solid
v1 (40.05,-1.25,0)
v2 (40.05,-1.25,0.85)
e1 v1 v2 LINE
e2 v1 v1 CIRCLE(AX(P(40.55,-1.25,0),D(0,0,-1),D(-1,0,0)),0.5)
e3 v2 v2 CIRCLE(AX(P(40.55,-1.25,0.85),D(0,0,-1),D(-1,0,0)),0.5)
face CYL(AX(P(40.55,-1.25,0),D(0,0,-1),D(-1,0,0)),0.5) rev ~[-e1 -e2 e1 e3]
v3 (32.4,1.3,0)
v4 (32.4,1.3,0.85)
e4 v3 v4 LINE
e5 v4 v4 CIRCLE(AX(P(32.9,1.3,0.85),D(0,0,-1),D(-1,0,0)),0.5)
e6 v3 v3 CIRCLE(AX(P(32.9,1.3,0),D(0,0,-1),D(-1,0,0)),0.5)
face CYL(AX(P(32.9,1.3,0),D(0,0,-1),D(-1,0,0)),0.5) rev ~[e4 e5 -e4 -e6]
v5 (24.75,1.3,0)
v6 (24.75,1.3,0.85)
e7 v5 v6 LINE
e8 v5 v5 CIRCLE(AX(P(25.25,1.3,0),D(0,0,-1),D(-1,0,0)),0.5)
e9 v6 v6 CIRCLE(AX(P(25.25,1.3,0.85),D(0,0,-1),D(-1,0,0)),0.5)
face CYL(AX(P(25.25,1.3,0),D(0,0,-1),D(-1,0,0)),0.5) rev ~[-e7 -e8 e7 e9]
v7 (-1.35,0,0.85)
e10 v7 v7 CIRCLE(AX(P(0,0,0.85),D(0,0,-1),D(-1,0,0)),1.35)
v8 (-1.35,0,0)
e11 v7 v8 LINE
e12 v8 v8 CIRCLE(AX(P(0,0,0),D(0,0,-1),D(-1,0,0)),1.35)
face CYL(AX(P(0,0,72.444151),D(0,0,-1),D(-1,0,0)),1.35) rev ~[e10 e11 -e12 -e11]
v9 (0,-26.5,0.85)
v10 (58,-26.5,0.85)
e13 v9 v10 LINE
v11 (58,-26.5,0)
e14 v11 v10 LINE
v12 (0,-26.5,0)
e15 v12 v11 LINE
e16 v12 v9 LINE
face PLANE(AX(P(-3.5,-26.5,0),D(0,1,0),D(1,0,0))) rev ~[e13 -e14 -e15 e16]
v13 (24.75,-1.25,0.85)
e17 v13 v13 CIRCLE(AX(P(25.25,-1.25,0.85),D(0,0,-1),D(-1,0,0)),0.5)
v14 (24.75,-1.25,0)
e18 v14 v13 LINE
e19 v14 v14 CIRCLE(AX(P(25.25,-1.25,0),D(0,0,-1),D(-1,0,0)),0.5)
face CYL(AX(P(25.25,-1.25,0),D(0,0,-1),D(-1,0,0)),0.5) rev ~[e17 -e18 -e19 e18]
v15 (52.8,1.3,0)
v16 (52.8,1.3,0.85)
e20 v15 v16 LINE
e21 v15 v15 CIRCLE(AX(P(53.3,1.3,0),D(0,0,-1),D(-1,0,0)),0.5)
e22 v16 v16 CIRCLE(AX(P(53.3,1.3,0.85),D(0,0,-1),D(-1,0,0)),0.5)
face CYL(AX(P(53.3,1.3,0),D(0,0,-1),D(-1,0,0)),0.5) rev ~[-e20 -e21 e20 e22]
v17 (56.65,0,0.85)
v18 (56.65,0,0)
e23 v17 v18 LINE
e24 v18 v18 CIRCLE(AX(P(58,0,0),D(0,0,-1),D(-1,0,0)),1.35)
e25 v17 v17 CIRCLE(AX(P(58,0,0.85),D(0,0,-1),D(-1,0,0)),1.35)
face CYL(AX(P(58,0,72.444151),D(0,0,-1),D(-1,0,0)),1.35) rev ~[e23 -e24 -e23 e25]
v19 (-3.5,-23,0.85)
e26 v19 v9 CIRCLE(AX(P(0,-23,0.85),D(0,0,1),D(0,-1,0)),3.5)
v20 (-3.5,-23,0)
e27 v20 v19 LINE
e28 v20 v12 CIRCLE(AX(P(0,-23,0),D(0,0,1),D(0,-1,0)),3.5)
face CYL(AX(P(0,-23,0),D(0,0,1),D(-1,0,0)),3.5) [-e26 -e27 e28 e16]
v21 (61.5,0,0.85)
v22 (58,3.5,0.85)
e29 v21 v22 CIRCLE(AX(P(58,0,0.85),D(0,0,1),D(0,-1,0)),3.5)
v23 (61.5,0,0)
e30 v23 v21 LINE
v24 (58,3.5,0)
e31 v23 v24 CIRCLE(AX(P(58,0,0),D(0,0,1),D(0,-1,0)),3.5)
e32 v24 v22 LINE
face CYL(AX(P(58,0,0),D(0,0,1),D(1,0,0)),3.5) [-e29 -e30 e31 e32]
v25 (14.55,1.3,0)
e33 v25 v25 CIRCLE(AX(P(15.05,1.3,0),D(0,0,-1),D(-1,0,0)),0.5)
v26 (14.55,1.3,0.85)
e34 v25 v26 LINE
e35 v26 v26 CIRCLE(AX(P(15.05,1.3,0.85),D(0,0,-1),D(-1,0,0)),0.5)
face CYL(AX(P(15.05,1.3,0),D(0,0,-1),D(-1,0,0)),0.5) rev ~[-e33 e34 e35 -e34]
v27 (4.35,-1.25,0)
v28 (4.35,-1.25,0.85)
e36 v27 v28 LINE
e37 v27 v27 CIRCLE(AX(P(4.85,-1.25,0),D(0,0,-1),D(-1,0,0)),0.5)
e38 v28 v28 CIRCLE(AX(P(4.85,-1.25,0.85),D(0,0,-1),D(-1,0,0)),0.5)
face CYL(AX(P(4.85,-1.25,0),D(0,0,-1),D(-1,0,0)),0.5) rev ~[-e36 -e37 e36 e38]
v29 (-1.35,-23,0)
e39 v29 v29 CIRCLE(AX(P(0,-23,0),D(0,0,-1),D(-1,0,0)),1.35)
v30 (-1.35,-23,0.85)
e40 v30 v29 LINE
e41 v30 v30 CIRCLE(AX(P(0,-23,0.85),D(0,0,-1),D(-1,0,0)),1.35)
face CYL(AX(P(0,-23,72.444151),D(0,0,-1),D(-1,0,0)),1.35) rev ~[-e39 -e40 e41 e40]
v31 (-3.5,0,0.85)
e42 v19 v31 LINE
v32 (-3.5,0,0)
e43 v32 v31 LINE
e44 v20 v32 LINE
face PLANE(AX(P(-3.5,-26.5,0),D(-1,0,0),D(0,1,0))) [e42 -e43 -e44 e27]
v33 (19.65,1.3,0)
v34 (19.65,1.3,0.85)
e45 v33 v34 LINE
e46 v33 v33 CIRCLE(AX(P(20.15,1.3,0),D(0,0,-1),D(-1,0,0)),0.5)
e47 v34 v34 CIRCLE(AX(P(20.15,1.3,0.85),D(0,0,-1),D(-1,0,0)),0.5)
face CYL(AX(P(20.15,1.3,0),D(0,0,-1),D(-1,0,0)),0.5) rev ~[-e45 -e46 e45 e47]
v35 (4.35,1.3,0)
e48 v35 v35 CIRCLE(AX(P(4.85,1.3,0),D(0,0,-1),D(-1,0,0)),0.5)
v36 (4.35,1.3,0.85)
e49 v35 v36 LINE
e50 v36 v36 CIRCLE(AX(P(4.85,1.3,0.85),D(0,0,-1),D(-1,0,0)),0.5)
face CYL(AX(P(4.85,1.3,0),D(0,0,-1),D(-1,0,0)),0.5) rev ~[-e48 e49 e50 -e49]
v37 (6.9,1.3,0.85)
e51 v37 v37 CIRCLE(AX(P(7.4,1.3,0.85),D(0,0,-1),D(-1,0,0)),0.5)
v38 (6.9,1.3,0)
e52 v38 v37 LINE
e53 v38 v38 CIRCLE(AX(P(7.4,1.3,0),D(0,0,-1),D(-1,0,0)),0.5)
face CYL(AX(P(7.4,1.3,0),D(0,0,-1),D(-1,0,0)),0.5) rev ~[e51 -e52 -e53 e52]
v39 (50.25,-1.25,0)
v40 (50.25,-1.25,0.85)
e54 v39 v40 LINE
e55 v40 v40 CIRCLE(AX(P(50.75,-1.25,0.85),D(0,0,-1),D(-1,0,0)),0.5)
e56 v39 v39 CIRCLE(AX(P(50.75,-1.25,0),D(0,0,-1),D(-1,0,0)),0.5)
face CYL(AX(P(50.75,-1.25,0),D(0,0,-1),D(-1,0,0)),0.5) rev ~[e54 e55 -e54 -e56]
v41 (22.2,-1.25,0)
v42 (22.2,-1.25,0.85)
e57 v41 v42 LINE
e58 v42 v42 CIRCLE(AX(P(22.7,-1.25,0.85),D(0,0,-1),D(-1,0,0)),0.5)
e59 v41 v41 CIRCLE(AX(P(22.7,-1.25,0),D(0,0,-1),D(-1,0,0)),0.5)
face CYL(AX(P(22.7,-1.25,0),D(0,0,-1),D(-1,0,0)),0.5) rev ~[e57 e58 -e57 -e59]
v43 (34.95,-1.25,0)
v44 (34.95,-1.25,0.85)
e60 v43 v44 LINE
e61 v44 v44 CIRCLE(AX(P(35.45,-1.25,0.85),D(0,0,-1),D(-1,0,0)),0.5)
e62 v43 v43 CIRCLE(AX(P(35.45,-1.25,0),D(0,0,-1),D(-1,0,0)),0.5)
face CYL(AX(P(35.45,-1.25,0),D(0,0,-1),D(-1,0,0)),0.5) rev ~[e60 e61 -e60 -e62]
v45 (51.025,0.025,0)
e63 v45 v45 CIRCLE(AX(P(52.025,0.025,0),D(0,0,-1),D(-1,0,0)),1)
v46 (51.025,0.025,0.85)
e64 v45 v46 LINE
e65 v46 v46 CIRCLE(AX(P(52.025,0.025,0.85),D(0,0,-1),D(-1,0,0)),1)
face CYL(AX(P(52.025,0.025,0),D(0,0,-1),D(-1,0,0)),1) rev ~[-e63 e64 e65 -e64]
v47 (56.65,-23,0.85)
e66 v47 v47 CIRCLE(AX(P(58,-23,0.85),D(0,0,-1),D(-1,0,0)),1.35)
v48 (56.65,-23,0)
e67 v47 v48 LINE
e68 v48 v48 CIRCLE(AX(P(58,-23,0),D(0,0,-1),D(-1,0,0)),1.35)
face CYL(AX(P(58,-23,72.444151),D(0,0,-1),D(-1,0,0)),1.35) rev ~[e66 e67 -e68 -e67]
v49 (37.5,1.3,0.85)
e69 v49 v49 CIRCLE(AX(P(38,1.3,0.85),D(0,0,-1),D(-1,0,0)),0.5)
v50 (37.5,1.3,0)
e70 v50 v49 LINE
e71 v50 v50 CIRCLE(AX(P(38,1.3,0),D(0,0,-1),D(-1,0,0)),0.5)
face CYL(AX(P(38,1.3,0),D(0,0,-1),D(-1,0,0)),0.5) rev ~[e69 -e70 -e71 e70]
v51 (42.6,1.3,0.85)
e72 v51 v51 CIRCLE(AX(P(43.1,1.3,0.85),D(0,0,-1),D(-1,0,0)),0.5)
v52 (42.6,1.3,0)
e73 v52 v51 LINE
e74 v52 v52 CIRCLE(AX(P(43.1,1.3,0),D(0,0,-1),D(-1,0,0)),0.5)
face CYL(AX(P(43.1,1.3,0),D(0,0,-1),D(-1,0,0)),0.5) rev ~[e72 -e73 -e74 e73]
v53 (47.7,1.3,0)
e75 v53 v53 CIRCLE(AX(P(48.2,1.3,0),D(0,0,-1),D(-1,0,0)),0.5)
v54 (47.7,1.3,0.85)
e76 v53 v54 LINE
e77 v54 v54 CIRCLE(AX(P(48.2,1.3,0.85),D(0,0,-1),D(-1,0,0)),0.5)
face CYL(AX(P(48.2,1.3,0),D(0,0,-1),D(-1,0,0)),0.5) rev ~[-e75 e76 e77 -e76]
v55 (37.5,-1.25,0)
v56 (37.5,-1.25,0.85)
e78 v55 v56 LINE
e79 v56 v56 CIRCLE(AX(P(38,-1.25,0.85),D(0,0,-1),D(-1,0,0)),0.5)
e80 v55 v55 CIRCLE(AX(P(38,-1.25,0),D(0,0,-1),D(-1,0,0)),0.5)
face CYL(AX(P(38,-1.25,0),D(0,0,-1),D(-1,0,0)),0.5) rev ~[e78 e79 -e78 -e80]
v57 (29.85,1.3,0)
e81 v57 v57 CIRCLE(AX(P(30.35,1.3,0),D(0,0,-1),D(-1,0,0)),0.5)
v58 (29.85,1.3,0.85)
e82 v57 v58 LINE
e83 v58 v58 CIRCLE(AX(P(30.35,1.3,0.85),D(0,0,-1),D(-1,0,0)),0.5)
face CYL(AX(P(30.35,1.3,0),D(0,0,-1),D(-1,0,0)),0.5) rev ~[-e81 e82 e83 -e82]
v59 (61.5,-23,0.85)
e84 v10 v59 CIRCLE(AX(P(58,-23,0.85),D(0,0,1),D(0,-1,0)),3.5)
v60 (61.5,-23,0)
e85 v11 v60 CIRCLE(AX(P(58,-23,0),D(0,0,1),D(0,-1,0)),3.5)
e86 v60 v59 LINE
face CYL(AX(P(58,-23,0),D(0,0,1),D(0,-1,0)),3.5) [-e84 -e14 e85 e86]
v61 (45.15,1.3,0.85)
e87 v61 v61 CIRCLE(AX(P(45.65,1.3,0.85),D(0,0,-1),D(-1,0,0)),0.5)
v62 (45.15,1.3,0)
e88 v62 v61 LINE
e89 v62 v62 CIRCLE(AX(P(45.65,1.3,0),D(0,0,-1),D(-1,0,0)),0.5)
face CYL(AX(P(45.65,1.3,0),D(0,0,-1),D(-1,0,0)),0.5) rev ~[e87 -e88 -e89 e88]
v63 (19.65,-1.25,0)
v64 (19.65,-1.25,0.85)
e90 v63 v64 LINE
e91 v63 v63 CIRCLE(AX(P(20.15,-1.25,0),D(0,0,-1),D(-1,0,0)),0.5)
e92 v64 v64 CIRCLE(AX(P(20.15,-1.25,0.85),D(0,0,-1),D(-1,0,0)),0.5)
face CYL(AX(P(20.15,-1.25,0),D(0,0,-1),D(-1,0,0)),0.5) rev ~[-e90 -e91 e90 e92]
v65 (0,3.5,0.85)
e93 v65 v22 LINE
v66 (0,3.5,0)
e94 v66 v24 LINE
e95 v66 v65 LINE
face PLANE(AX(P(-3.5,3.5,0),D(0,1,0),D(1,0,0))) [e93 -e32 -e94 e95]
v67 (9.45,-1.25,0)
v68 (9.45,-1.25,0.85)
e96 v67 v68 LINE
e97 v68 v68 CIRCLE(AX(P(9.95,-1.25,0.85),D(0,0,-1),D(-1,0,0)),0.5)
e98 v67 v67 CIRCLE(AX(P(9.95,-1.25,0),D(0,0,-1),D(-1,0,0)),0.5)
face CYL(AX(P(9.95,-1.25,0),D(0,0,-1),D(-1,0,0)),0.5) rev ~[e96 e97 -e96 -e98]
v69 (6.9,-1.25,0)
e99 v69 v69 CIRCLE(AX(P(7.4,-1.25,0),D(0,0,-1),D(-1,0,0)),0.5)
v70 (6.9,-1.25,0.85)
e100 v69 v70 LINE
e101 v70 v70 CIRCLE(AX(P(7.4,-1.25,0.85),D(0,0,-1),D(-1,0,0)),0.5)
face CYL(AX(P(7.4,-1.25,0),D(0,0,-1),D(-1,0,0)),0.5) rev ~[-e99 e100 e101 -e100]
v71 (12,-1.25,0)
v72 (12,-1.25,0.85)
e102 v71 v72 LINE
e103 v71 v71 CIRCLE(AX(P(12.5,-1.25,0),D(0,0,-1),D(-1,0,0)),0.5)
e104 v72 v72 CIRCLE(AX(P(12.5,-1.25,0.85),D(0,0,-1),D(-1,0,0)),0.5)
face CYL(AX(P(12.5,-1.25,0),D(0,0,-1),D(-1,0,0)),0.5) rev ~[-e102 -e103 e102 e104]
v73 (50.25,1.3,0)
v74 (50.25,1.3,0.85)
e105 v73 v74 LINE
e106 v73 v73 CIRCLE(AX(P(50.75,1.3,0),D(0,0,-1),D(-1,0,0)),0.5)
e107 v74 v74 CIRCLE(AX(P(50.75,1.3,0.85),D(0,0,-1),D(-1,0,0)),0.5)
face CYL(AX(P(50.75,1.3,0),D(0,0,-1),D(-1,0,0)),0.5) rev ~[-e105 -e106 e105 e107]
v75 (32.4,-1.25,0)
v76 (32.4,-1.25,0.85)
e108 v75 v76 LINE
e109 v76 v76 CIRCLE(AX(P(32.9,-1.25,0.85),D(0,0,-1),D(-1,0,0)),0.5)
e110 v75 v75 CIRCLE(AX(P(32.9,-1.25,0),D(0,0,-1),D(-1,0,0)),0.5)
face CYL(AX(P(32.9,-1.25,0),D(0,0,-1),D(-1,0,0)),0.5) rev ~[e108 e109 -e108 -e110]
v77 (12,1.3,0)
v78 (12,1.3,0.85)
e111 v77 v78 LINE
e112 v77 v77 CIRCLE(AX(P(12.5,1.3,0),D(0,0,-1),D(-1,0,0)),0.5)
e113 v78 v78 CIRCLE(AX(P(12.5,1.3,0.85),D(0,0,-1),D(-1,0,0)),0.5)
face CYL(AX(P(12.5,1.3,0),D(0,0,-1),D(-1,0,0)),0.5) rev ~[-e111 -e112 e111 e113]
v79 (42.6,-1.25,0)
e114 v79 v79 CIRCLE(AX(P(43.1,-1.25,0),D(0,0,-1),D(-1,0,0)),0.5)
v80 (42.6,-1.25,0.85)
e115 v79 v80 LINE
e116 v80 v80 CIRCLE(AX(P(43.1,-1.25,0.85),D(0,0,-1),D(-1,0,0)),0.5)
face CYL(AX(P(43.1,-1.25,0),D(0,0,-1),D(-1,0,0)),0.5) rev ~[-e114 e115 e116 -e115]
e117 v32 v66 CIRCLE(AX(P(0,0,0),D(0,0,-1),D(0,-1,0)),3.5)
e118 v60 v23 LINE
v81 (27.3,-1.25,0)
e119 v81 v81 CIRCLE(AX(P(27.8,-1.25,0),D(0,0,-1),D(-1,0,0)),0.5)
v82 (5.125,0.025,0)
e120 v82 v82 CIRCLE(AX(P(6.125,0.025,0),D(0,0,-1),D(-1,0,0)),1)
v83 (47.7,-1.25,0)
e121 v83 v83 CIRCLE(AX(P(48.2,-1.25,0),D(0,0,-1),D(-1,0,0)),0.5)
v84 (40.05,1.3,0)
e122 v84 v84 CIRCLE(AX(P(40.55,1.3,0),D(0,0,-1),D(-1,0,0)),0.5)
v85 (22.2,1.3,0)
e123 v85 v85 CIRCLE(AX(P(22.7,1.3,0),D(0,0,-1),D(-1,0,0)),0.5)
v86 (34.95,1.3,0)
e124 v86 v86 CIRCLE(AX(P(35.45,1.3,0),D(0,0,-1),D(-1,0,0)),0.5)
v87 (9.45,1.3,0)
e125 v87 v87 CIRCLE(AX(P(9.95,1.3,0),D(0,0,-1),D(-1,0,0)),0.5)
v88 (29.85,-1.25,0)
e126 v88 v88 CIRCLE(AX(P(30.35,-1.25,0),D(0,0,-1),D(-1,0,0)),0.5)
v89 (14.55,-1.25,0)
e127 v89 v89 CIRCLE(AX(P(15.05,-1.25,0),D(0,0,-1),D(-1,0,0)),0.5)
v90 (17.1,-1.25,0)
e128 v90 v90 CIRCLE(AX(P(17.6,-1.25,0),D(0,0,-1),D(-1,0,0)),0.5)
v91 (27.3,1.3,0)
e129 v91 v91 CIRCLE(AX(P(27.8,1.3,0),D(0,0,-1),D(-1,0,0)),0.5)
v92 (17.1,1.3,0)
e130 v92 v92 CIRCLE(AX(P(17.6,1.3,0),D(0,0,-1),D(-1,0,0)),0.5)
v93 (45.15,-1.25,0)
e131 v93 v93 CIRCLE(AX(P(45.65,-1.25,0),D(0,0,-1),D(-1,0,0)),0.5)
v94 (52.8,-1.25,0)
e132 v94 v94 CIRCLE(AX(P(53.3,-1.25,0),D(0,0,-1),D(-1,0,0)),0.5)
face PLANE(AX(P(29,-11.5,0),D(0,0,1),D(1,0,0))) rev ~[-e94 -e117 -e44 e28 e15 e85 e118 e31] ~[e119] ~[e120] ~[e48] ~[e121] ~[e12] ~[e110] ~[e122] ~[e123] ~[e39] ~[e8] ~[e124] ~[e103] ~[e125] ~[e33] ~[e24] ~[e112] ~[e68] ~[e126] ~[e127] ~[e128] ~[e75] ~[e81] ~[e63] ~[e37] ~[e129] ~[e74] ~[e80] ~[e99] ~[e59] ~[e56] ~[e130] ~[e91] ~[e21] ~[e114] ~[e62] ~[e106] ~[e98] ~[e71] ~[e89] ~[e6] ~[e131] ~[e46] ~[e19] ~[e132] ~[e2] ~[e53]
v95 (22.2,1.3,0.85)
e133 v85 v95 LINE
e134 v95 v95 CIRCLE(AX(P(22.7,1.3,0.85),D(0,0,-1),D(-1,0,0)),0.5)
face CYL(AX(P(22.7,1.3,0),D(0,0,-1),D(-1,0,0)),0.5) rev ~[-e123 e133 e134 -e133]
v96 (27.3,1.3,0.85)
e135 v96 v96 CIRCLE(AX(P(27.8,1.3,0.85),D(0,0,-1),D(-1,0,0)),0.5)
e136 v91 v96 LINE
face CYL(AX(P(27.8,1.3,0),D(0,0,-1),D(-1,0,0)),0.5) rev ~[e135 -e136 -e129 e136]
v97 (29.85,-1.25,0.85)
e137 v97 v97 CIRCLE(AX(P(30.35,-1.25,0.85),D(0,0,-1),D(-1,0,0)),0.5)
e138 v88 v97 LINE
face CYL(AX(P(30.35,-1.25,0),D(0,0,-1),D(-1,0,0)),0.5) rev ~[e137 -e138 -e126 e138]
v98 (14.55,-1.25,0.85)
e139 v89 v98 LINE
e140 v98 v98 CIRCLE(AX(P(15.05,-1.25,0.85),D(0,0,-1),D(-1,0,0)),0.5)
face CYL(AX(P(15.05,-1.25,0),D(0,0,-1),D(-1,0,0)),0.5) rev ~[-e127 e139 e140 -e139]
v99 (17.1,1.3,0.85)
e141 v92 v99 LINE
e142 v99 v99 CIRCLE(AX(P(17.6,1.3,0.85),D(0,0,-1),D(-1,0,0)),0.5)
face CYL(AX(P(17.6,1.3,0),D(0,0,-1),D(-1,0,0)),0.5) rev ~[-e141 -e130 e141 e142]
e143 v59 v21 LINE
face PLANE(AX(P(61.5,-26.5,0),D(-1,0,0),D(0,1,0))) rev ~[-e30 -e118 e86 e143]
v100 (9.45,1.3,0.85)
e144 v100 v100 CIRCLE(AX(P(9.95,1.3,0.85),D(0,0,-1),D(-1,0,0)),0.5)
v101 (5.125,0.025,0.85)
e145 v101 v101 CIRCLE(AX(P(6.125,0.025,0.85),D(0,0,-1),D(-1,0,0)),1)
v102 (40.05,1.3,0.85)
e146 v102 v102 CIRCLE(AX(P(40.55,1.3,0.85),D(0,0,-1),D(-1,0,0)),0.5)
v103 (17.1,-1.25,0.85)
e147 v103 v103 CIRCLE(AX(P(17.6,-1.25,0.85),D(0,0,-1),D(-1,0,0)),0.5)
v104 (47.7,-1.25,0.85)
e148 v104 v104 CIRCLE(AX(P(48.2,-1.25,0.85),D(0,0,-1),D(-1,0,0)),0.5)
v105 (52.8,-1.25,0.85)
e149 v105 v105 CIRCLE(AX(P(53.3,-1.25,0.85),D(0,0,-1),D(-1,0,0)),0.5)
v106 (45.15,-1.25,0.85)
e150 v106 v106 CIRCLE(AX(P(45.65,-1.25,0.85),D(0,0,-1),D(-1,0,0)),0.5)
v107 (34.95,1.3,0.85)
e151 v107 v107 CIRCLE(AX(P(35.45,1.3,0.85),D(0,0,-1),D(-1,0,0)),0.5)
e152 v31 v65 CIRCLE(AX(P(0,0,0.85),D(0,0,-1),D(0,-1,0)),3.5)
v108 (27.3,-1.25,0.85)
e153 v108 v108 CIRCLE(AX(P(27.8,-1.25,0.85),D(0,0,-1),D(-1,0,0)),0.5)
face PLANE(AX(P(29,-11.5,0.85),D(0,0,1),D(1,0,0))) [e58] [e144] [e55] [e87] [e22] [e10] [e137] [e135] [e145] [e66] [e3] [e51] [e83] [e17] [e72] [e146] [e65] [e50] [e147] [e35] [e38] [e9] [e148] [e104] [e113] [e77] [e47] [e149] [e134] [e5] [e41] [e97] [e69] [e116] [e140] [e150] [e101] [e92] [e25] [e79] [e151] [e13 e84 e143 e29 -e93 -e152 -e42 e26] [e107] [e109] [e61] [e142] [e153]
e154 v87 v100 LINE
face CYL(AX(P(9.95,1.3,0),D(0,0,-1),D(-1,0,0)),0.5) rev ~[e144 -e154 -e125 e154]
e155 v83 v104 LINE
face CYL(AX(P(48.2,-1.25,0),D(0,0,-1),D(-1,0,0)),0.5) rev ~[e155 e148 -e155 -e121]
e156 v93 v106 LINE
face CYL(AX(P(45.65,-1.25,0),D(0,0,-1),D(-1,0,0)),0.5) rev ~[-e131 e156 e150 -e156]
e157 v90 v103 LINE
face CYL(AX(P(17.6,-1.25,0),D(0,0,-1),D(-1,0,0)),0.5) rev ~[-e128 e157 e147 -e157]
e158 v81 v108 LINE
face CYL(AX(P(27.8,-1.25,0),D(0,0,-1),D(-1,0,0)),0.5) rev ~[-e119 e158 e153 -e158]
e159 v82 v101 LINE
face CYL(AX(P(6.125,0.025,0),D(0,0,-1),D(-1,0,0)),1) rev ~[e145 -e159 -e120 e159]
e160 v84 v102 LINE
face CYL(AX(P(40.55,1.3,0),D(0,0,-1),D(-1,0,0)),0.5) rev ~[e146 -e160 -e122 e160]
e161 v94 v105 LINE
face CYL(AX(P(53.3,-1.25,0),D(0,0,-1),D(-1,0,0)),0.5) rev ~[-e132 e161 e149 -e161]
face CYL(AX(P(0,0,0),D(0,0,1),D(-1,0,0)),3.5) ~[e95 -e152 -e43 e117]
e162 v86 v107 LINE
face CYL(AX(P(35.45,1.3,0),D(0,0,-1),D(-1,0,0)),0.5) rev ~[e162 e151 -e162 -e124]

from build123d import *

# Parameters (mm, degrees)
SKETCH_1_W          = 65
SKETCH_1_H          = 30
EXTRUDE_1_DEPTH     = 0.85
FILLET_1_R          = 3.5
HOLE_WIZARD_M2_1_D  = 2.7
SKETCH_6_R          = 0.5
SKETCH_6_R_2        = 1
CUT_EXTRUDE_1_DEPTH = 67.971803768


with BuildPart() as part:
    # 草图1 → 凸台-拉伸1 (new body)
    with BuildSketch(Plane.XY):
        with Locations((29, -11.5)):
            Rectangle(SKETCH_1_W, SKETCH_1_H)
    extrude(amount=EXTRUDE_1_DEPTH)

    # 圆角1
    fillet_1_edges = [part.edges().sort_by_distance(p)[0] for p in [
        (-3.5, 3.5, 0.425),
        (61.5, 3.5, 0.425),
        (61.5, -26.5, 0.425),
        (-3.5, -26.5, 0.425),
    ]]
    fillet(fillet_1_edges, radius=FILLET_1_R)

    # M2 间隙孔1 (through all)
    with Locations(Plane.XY.offset(0.85)):
        with Locations((0, 0), (58, 0), (58, -23), (0, -23)):
            Hole(HOLE_WIZARD_M2_1_D / 2)

    # 草图6 → 切除-拉伸1 (cut, through all)
    with BuildSketch(Plane(origin=(0, 0, 0), x_dir=(-1, 0, 0), z_dir=(0, 0, -1))):
        with Locations((-4.85, 1.3)):
            Circle(SKETCH_6_R)
        with Locations((-4.85, -1.25)):
            Circle(SKETCH_6_R)
        with Locations((-7.4, -1.25)):
            Circle(SKETCH_6_R)
        with Locations((-7.4, 1.3)):
            Circle(SKETCH_6_R)
        with Locations((-9.95, 1.3)):
            Circle(SKETCH_6_R)
        with Locations((-9.95, -1.25)):
            Circle(SKETCH_6_R)
        with Locations((-12.5, -1.25)):
            Circle(SKETCH_6_R)
        with Locations((-12.5, 1.3)):
            Circle(SKETCH_6_R)
        with Locations((-15.05, 1.3)):
            Circle(SKETCH_6_R)
        with Locations((-15.05, -1.25)):
            Circle(SKETCH_6_R)
        with Locations((-17.6, -1.25)):
            Circle(SKETCH_6_R)
        with Locations((-17.6, 1.3)):
            Circle(SKETCH_6_R)
        with Locations((-20.15, 1.3)):
            Circle(SKETCH_6_R)
        with Locations((-20.15, -1.25)):
            Circle(SKETCH_6_R)
        with Locations((-22.7, -1.25)):
            Circle(SKETCH_6_R)
        with Locations((-22.7, 1.3)):
            Circle(SKETCH_6_R)
        with Locations((-25.25, 1.3)):
            Circle(SKETCH_6_R)
        with Locations((-25.25, -1.25)):
            Circle(SKETCH_6_R)
        with Locations((-27.8, -1.25)):
            Circle(SKETCH_6_R)
        with Locations((-27.8, 1.3)):
            Circle(SKETCH_6_R)
        with Locations((-30.35, 1.3)):
            Circle(SKETCH_6_R)
        with Locations((-30.35, -1.25)):
            Circle(SKETCH_6_R)
        with Locations((-32.9, -1.25)):
            Circle(SKETCH_6_R)
        with Locations((-32.9, 1.3)):
            Circle(SKETCH_6_R)
        with Locations((-35.45, 1.3)):
            Circle(SKETCH_6_R)
        with Locations((-35.45, -1.25)):
            Circle(SKETCH_6_R)
        with Locations((-38, -1.25)):
            Circle(SKETCH_6_R)
        with Locations((-38, 1.3)):
            Circle(SKETCH_6_R)
        with Locations((-40.55, 1.3)):
            Circle(SKETCH_6_R)
        with Locations((-40.55, -1.25)):
            Circle(SKETCH_6_R)
        with Locations((-43.1, -1.25)):
            Circle(SKETCH_6_R)
        with Locations((-43.1, 1.3)):
            Circle(SKETCH_6_R)
        with Locations((-45.65, 1.3)):
            Circle(SKETCH_6_R)
        with Locations((-45.65, -1.25)):
            Circle(SKETCH_6_R)
        with Locations((-48.2, -1.25)):
            Circle(SKETCH_6_R)
        with Locations((-48.2, 1.3)):
            Circle(SKETCH_6_R)
        with Locations((-50.75, 1.3)):
            Circle(SKETCH_6_R)
        with Locations((-50.75, -1.25)):
            Circle(SKETCH_6_R)
        with Locations((-53.3, -1.25)):
            Circle(SKETCH_6_R)
        with Locations((-53.3, 1.3)):
            Circle(SKETCH_6_R)
        with Locations((-6.125, 0.025)):
            Circle(SKETCH_6_R_2)
        with Locations((-52.025, 0.025)):
            Circle(SKETCH_6_R_2)
    extrude(amount=-CUT_EXTRUDE_1_DEPTH, mode=Mode.SUBTRACT)


solid = part.part
